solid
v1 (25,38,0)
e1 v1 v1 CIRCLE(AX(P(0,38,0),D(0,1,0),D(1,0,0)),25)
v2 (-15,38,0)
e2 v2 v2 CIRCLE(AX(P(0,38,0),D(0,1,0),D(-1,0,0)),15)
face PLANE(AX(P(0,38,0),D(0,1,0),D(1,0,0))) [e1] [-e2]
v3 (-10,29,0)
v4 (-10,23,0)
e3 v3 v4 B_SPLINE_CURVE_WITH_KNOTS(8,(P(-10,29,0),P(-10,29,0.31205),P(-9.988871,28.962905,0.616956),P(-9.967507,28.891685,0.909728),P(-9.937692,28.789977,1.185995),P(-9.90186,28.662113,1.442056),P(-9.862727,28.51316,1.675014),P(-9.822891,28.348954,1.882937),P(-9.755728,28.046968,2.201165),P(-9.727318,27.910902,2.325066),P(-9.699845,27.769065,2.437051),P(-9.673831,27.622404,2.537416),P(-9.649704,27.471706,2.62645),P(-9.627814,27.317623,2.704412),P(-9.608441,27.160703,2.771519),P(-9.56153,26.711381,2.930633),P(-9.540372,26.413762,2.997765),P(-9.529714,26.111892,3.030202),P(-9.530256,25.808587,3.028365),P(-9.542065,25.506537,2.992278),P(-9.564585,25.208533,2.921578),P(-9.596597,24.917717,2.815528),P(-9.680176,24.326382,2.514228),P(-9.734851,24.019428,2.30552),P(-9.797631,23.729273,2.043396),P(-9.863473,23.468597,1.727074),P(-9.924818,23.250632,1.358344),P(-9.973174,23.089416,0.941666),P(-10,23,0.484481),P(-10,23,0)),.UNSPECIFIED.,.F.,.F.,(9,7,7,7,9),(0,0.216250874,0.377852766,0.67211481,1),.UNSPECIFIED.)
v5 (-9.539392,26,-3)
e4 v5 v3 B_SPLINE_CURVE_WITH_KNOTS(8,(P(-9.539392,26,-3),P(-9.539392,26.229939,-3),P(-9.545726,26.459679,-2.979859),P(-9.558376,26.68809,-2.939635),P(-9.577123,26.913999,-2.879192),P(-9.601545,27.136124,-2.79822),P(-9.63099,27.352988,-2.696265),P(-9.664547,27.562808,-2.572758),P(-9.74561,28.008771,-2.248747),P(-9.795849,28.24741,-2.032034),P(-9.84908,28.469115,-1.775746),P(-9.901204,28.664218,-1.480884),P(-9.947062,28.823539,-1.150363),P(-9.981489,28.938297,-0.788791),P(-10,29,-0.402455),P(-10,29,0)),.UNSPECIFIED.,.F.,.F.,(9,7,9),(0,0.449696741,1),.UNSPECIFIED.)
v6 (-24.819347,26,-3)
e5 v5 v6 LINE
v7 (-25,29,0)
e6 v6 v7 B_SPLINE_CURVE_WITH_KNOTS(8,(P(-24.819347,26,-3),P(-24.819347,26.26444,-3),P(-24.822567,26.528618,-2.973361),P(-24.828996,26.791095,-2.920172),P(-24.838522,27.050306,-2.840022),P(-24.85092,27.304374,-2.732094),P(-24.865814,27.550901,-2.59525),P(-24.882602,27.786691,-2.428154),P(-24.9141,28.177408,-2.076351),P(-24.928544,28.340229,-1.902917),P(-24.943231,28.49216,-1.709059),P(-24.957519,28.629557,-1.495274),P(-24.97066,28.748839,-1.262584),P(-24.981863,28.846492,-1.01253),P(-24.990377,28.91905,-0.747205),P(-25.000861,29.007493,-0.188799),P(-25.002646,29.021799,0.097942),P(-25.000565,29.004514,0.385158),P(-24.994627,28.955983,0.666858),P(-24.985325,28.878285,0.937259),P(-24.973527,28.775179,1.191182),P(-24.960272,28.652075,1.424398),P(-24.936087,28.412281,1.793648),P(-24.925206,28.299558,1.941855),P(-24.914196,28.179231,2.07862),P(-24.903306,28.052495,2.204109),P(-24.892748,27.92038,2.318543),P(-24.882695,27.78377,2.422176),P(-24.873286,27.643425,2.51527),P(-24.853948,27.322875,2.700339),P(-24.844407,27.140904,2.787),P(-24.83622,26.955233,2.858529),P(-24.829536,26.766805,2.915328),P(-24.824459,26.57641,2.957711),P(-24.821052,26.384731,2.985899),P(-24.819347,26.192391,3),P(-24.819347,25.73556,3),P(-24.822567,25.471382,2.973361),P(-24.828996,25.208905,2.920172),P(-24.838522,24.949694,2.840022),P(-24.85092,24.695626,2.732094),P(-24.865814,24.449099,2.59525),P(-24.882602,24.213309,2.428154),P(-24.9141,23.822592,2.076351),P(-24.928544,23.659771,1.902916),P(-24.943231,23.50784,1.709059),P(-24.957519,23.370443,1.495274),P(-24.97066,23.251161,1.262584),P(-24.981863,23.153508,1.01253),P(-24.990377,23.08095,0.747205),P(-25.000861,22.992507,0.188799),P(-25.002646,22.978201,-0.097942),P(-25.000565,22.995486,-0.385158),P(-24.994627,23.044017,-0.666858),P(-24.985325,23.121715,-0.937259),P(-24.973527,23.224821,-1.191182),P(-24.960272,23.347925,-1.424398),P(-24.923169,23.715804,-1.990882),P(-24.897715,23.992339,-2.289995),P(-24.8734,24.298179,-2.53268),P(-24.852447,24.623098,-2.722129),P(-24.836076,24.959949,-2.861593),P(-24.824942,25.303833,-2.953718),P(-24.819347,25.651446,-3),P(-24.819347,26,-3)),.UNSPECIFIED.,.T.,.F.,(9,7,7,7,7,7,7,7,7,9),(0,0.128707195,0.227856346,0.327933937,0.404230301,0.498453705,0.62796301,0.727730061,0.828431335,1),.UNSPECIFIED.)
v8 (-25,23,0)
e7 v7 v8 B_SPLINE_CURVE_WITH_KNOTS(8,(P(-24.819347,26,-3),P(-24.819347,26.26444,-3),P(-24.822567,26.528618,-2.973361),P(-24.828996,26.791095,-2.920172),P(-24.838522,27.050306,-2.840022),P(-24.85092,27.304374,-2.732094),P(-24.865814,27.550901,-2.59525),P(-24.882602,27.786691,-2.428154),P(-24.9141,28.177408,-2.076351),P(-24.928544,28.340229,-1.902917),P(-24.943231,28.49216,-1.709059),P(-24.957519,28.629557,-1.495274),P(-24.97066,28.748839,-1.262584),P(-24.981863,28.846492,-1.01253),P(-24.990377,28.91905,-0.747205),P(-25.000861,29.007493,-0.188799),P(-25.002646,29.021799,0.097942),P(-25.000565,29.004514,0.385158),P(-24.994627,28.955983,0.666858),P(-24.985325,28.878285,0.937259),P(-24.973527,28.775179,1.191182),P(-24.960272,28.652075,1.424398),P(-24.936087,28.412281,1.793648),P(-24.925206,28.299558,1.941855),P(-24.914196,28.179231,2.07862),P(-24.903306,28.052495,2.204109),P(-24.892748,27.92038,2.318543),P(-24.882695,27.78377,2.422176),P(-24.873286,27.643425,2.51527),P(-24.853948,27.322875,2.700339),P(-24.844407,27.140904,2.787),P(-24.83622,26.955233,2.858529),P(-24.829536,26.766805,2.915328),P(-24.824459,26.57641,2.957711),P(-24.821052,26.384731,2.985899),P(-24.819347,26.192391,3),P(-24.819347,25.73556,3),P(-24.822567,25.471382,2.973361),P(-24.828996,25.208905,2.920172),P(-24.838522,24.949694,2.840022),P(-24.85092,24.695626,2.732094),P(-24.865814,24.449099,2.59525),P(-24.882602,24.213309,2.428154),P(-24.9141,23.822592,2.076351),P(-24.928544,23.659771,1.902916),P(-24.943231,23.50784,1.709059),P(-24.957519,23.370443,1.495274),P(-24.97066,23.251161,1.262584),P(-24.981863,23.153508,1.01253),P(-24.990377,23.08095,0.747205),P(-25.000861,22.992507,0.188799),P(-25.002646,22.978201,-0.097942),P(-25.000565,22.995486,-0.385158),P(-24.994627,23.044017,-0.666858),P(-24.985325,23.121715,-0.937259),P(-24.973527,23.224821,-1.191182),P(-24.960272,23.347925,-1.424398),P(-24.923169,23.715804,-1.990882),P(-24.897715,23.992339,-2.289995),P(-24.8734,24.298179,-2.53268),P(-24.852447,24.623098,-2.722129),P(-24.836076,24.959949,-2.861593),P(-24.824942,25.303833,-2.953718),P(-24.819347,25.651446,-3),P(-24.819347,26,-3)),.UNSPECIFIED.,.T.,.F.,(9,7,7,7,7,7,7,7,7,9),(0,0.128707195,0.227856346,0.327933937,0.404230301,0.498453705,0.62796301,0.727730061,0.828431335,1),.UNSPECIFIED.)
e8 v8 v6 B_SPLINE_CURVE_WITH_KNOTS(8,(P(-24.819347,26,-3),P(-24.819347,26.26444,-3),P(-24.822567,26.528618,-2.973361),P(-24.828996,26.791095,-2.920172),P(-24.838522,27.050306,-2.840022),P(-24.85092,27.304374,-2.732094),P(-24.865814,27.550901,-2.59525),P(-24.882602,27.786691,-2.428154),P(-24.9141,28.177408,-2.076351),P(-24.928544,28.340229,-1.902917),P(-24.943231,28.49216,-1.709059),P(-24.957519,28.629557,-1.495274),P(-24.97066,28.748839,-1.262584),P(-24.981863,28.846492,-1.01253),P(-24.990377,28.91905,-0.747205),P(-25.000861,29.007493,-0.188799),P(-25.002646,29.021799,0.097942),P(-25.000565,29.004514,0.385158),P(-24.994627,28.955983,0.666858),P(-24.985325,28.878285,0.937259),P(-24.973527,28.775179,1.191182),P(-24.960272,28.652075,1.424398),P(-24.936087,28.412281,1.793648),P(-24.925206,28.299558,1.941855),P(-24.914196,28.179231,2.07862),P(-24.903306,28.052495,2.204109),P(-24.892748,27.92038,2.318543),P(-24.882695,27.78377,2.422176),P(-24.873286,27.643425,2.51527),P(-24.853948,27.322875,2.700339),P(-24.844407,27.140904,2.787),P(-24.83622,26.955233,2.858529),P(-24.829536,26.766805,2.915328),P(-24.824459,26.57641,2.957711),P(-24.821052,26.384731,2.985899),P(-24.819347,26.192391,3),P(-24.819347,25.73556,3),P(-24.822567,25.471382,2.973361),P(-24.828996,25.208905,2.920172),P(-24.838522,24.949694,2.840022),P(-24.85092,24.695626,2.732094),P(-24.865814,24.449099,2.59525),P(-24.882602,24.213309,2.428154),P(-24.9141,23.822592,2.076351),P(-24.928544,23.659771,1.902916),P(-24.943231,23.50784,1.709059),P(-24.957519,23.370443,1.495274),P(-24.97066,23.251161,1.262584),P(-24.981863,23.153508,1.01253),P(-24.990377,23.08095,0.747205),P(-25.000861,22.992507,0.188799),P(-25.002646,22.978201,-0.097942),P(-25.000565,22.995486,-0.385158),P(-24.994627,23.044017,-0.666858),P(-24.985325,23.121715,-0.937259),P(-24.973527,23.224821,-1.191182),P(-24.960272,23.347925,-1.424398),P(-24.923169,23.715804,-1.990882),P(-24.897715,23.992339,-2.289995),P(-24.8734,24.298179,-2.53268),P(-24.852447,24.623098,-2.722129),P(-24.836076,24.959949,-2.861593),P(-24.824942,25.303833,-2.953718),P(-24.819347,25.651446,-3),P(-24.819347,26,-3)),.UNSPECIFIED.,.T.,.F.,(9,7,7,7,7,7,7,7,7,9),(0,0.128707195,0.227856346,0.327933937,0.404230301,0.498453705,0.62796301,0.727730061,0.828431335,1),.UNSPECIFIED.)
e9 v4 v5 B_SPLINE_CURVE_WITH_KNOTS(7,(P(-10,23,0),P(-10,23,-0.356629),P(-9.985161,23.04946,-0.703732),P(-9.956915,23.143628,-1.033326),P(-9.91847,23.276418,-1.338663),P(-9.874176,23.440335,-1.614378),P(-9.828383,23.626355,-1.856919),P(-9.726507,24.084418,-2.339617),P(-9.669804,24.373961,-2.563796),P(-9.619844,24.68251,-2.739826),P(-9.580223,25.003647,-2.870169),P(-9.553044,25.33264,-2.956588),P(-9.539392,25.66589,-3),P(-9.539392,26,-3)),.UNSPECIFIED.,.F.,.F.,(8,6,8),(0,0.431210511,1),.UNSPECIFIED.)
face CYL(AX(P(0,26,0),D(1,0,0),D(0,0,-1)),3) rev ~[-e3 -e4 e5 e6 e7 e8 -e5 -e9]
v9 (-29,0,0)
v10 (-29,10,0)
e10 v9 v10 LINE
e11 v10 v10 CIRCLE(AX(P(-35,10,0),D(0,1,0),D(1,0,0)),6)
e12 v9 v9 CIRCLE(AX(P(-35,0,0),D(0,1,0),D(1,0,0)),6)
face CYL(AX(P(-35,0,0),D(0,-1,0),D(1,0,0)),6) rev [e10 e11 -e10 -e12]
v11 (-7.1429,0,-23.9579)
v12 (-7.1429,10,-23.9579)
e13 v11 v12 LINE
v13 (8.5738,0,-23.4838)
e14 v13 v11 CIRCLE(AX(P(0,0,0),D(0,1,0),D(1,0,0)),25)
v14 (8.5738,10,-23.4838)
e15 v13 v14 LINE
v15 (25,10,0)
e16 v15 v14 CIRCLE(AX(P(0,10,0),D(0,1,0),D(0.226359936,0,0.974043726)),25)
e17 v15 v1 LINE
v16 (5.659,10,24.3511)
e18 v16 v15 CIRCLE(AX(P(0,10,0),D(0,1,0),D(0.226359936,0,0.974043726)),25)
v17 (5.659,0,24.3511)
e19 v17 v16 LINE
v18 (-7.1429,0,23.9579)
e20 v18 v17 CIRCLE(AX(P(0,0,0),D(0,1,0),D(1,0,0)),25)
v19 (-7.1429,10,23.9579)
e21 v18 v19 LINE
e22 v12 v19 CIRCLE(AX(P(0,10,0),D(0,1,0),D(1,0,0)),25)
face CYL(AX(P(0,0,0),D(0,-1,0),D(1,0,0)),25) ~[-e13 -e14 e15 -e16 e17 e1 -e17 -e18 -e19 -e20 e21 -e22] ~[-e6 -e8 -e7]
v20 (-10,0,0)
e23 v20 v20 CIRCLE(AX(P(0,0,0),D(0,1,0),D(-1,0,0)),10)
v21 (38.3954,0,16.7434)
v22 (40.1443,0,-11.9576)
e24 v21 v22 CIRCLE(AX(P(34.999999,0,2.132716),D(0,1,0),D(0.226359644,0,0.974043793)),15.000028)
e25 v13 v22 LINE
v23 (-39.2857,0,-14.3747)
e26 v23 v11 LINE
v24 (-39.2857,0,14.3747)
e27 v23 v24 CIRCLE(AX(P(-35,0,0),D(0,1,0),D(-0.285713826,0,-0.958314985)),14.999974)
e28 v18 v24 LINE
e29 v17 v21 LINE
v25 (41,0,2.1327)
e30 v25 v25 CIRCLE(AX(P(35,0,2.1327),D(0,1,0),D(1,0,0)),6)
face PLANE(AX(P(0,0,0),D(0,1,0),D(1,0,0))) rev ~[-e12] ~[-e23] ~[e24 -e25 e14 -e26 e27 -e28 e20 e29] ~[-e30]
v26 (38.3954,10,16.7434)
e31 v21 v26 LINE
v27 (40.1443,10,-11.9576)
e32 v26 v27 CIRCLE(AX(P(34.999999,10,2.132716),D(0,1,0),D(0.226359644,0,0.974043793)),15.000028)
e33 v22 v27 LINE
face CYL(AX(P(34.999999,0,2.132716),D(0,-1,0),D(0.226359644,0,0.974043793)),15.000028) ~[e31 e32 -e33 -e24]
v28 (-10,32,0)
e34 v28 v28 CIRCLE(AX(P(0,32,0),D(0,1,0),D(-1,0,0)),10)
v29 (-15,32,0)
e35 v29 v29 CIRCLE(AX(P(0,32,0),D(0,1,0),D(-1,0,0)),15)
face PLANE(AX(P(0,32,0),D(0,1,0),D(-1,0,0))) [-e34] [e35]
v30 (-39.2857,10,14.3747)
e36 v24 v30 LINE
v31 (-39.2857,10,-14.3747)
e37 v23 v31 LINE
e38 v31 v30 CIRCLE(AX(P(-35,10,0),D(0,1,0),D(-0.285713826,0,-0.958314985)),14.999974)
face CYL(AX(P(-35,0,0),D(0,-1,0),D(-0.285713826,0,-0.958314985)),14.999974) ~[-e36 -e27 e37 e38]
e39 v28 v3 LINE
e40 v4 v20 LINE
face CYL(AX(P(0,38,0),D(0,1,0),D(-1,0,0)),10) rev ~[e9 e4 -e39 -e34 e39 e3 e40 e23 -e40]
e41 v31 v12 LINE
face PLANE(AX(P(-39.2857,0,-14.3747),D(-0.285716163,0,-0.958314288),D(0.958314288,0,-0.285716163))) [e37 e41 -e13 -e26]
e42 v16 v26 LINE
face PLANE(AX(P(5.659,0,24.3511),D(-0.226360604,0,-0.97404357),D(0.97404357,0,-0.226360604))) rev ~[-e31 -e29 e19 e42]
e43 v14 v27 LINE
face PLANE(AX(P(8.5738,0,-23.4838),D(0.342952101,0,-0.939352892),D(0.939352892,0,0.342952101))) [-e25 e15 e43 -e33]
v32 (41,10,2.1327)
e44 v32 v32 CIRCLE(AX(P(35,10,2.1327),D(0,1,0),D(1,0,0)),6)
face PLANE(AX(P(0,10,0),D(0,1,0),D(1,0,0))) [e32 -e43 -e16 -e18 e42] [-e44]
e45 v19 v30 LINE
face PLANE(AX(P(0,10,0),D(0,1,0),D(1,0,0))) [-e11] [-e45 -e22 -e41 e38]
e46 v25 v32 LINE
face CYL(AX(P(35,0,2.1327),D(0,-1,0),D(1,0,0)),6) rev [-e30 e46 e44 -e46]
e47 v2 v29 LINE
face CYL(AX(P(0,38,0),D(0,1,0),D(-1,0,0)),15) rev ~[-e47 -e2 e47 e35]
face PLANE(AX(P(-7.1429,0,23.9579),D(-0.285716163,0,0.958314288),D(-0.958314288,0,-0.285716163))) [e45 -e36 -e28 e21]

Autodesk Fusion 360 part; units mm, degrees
sketch "Sketch1" plane through (0, 0, 0) normal (0, 1, 0) x (1, 0, 0)
  circle A0 centre (0, 0) radius 25
  circle A1 centre (0, 0) radius 15
  circle A2 centre (0, 0) radius 10
  circle A3 centre (-35, 0) radius 6
  circle A4 centre (35, -2.1327) radius 6
  arc A5 (-39.2857, 14.3747) -> (-39.2857, -14.3747) centre (-35, 0) ccw
  arc A6 (38.3954, -16.7434) -> (40.1443, 11.9576) centre (35, -2.1327) ccw
  line L0 (8.5738, 23.4838) -> (40.1443, 11.9576)
  line L1 (5.659, -24.3511) -> (38.3954, -16.7434)
  line L2 (-39.2857, 14.3747) -> (-7.1429, 23.9579)
  line L3 (-7.1429, -23.9579) -> (-39.2857, -14.3747)
  arc A7 (8.5738, 23.4838) -> (-7.1429, 23.9579) centre (0, 0) ccw
  arc A8 (-7.1429, -23.9579) -> (5.659, -24.3511) centre (0, 0) ccw
  dimension "d3" = 50
  dimension "d4" = 30
  dimension "d5" = 20
  dimension "d8" = 12
  dimension "d9" = 12
  dimension "d10" = 35
  dimension "d11" = 35
  dimension "d12" = 30
  dimension "d13" = 30
extrude "Extrude1" add sketch "Sketch1" along normal blind 10 contours A0 A6 L0 L1 | A0 A5 L2 L3 makes body 1 at (-31.6163, 0, 10.1046) makes body 2 at (31.0948, 10, 12.0614)
sketch "Sketch2" plane through (0, 0, 0) normal (0, 1, 0) x (1, 0, 0)
  circle A0 centre (0, 0) radius 25
  circle A1 centre (0, 0) radius 15
  dimension "d16" = 50
  dimension "d17" = 30
extrude "Extrude2" add sketch "Sketch2" along normal blind 38 bodies 1 2
sketch "Sketch3" plane through (0, 0, 0) normal (0, 1, 0) x (1, 0, 0)
  circle A0 centre (0, 0) radius 15
  dimension "d20" = 30
extrude "Extrude3" add sketch "Sketch3" along normal blind 38 bodies 1
sketch "Sketch4" plane through (0, 38, 0) normal (0, 1, 0) x (-1, 0, 0)
  circle A0 centre (0, 0) radius 25
  circle A1 centre (0, 0) radius 15
  circle A2 centre (0, 0) radius 10
  dimension "d23" = 30
  dimension "d24" = 20
extrude "Extrude4" cut sketch "Sketch4" along normal mid plane 12 contours A1 bodies 1
extrude "Extrude5" cut 1 faces at (2.7541, 38, -1.0148) along direction (0, 1, 0) mid plane 76 on bodies 1 bodies 1
sketch "Sketch5" plane through (0, 0, 0) normal (1, 0, 0) x (0, 0, -1)
  circle A0 centre (0, 26) radius 3
  point P0 (0, 38)
  dimension "d29" = 6
  dimension "d30" = 12
extrude "Extrude6" cut sketch "Sketch5" against normal blind 25 bodies 1
sketch "Sketch6" plane through (0, 0, 0) normal (1, 0, 0) x (0, 0, -1)
